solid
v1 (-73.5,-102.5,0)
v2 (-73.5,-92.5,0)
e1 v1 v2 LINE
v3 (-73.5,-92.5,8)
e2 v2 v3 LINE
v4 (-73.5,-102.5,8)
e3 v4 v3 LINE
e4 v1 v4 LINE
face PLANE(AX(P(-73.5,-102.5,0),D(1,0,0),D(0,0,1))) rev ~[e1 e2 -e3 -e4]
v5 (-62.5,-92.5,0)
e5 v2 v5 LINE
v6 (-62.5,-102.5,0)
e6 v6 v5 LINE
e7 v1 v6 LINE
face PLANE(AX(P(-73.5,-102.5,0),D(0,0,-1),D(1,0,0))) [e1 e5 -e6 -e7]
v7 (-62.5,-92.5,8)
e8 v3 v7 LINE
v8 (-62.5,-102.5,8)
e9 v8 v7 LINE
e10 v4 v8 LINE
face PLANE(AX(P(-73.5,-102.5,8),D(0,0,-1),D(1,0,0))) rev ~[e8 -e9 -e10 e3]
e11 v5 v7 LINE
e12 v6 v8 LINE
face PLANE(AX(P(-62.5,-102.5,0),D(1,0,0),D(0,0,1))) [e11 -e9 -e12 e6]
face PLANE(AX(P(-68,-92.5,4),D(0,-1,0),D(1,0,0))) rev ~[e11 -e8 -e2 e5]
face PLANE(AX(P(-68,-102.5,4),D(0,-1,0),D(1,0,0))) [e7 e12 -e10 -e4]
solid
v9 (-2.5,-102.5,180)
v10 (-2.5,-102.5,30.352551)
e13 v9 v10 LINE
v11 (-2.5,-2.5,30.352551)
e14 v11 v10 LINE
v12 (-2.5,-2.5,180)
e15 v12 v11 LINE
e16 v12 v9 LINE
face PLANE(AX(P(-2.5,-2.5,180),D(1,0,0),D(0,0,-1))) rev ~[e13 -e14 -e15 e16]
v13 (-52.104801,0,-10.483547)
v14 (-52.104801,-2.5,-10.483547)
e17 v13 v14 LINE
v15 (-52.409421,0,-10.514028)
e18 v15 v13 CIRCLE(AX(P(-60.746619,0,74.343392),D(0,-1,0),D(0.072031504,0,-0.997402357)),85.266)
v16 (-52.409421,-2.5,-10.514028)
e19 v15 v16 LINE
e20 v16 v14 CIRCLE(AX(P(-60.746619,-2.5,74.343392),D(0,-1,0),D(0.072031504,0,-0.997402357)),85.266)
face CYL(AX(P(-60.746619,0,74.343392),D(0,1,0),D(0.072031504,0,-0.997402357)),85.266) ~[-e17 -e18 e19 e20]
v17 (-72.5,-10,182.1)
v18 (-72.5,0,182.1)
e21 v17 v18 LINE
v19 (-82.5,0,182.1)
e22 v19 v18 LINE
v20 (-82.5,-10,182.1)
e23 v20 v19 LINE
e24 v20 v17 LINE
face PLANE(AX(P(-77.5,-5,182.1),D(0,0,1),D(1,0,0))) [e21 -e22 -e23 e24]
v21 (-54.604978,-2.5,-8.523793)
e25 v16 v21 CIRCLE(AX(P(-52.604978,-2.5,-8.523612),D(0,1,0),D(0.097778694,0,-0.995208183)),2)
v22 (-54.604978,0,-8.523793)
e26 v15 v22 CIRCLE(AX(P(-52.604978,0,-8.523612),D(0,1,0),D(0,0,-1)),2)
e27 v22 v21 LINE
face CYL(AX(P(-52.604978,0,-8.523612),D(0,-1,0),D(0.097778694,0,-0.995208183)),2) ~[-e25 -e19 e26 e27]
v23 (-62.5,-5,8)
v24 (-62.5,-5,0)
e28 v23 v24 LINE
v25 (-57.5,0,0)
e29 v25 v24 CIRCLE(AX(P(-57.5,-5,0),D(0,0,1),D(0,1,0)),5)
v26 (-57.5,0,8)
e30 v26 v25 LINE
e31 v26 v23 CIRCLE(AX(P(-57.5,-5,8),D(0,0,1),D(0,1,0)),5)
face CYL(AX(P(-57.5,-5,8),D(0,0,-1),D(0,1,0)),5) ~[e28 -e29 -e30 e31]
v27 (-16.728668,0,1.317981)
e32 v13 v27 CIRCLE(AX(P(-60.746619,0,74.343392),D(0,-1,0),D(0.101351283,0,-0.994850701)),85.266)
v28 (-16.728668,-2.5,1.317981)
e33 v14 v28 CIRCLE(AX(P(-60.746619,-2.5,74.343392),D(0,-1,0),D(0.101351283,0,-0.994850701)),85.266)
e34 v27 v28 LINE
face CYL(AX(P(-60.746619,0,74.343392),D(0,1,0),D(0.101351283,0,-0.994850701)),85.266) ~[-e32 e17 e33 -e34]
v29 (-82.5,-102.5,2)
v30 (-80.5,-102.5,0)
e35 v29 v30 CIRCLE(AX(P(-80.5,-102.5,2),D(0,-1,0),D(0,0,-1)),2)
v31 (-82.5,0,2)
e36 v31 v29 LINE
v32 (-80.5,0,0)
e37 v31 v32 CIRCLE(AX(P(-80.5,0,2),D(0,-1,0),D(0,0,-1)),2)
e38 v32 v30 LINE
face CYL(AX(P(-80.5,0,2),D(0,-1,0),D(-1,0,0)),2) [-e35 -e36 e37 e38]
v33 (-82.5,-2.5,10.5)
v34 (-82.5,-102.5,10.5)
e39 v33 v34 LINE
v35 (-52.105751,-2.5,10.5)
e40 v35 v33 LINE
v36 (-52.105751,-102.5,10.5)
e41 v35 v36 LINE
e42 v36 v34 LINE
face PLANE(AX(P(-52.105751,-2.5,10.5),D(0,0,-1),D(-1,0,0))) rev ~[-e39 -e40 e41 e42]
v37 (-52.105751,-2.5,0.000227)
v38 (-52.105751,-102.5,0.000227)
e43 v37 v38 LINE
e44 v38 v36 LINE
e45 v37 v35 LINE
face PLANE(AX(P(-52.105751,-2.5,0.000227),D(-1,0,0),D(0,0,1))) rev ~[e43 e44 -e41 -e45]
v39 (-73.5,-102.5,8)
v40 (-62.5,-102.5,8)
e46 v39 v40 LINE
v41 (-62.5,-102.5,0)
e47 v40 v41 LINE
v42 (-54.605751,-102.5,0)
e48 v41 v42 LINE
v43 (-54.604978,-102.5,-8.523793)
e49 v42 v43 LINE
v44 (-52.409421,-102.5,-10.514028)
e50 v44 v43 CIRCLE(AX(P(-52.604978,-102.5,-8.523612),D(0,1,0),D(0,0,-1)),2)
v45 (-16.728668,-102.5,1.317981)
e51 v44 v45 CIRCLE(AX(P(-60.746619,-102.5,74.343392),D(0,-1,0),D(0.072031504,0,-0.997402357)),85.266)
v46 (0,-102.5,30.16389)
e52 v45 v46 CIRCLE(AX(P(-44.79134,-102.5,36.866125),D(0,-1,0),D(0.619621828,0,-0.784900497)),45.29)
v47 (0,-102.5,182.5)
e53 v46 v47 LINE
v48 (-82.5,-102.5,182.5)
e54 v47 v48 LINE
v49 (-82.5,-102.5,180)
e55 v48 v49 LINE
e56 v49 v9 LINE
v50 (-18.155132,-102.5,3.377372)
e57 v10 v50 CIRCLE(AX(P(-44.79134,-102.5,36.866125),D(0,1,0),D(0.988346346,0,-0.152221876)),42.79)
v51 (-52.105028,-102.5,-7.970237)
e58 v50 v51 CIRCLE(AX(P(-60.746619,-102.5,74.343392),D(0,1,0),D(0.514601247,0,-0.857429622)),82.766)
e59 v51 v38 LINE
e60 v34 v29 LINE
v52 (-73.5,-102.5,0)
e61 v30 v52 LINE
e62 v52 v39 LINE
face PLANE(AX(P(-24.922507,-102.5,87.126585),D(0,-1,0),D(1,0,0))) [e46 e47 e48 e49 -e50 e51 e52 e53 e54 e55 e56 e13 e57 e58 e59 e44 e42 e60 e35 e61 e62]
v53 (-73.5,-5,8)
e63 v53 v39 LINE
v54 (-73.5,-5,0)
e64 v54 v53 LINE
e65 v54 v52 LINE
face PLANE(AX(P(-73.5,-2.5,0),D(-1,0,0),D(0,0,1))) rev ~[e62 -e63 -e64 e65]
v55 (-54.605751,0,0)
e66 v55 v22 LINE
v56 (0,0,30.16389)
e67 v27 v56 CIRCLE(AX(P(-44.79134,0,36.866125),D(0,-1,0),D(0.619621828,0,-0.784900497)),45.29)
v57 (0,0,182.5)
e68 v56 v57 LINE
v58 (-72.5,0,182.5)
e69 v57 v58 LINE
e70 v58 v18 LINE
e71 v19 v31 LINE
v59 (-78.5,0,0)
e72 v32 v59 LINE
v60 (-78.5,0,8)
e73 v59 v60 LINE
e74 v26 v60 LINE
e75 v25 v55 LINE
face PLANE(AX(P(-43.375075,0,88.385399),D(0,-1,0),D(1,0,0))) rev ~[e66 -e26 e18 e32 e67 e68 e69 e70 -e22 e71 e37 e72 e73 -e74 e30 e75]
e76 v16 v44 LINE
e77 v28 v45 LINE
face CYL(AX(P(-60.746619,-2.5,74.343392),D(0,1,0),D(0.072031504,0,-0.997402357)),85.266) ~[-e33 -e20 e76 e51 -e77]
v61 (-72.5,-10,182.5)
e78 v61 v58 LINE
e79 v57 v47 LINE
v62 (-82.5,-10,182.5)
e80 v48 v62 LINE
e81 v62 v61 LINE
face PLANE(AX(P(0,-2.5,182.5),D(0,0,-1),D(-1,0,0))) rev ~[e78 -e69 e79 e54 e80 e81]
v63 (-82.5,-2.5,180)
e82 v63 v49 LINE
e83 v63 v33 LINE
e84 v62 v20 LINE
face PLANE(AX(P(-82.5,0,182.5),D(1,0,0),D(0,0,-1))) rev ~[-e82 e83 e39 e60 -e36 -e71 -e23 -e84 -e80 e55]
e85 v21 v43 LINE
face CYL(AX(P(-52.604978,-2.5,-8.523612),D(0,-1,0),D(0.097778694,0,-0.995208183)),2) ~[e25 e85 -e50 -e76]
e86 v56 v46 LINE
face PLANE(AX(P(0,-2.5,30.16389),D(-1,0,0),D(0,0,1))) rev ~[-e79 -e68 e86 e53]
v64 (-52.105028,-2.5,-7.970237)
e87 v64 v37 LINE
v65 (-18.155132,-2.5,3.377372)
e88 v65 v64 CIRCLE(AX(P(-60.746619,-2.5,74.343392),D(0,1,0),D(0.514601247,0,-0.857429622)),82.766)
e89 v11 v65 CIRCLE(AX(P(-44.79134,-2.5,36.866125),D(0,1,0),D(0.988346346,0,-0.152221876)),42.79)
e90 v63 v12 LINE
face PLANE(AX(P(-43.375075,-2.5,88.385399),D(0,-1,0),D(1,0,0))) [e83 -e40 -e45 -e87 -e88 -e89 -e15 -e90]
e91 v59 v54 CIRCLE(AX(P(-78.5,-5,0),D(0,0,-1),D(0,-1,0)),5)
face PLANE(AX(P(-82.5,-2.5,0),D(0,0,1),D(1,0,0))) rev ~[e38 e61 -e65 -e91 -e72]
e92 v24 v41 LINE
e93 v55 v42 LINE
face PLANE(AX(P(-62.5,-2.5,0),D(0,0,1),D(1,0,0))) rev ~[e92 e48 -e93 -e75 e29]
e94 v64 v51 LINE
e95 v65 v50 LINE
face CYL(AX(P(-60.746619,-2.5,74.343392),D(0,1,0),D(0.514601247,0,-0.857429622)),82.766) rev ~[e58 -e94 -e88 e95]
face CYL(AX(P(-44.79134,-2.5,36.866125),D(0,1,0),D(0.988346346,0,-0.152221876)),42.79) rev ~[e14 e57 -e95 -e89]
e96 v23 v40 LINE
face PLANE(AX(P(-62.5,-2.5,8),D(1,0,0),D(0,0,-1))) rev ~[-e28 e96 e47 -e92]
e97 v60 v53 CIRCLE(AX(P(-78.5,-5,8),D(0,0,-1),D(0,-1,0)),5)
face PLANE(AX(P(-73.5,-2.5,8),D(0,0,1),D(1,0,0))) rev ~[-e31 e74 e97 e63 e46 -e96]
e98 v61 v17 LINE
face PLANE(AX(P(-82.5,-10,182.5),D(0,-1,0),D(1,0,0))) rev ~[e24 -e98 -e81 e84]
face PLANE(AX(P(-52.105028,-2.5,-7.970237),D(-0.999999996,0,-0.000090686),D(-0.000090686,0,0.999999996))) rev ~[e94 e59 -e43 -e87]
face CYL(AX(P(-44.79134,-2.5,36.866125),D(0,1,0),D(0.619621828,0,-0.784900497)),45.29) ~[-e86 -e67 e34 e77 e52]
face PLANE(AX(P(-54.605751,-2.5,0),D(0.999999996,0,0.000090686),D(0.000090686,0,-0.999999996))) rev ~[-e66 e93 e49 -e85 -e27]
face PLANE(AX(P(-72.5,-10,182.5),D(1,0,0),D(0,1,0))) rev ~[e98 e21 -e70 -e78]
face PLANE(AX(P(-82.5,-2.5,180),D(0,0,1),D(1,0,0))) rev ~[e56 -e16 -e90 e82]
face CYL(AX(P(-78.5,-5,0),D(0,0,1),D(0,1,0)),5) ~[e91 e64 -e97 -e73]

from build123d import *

# Parameters (mm, degrees)
F1_DEPTH  = 2.5
F2_DEPTH  = 2.2
F4_DEPTH  = 100
F5_W      = 11
F5_H      = 8
F6_DEPTH  = 10
F7_R      = 5
F8_R      = 2
F9_W      = 10
F9_H      = 10
F9_R      = 2.5
F10_DEPTH = 0.4


with BuildPart() as f1:
    # F0 (on Front) → F1 (new body)
    with BuildSketch(Plane.XZ):
        with BuildLine():
            Line((-82.5, 182.5), (-82.5, 0))
            Line((-82.5, 0), (-73.5, 0))
            Line((-73.5, 0), (-73.5, 8))
            Line((-73.5, 8), (-62.5, 8))
            Line((-62.5, 8), (-62.5, 0))
            Line((-62.5, 0), (-54.6057512313, 0))
            Line((-54.6057512313, 0), (-54.6047807907, -10.7011169374))
            ThreePointArc((-54.6047807907, -10.7011169374), (-53.3539902072, -10.6015296646), (-52.104800511, -10.4835474141))
            ThreePointArc((-52.104800511, -10.4835474141), (-33.7636269449, -6.5405298903), (-16.7286675849, 1.3179810741))
            ThreePointArc((-16.7286675849, 1.3179810741), (-5.6129224967, 14.1453039848), (0, 30.1638901573))
            Line((0, 30.1638901573), (0, 182.5))
            Line((0, 182.5), (-82.5, 182.5))
        make_face()
    extrude(amount=F1_DEPTH)

    # F0 (on Front) → F2 (join)
    with BuildSketch(Plane.XZ):
        with BuildLine():
            Line((-82.5, 182.5), (-82.5, 0))
            Line((-82.5, 0), (-73.5, 0))
            Line((-73.5, 0), (-73.5, 8))
            Line((-73.5, 8), (-62.5, 8))
            Line((-62.5, 8), (-62.5, 0))
            Line((-62.5, 0), (-54.6057512313, 0))
            Line((-54.6057512313, 0), (-54.6047807907, -10.7011169374))
            ThreePointArc((-54.6047807907, -10.7011169374), (-53.3539902072, -10.6015296646), (-52.104800511, -10.4835474141))
            ThreePointArc((-52.104800511, -10.4835474141), (-33.7636269449, -6.5405298903), (-16.7286675849, 1.3179810741))
            ThreePointArc((-16.7286675849, 1.3179810741), (-5.6129224967, 14.1453039848), (0, 30.1638901573))
            Line((0, 30.1638901573), (0, 182.5))
            Line((0, 182.5), (-82.5, 182.5))
        make_face()
    extrude(amount=F2_DEPTH)

    # F3 (on face) → F4 (join)
    with BuildSketch(Plane.XZ.offset(2.5)):
        with BuildLine():
            Line((-52.1050284328, -7.9702374423), (-52.1057512416, 0.0002267148))
            Line((-52.1057512416, 0.0002267148), (-52.1057512416, 8))
            Line((-52.1057512416, 8), (-52.1057512416, 10.5))
            Line((-52.1057512416, 10.5), (-62.5, 10.5))
            Line((-62.5, 10.5), (-82.5, 10.5))
            Line((-82.5, 10.5), (-82.5, 0))
            Line((-82.5, 0), (-73.5, 0))
            Line((-73.5, 0), (-73.5, 8))
            Line((-73.5, 8), (-62.5, 8))
            Line((-62.5, 8), (-62.5, 0))
            Line((-62.5, 0), (-54.6057512313, 0))
            Line((-54.6057512313, 0), (-54.6047807907, -10.7011169374))
            ThreePointArc((-54.6047807907, -10.7011169374), (-34.9567798568, -6.9288349734), (-16.7286675849, 1.3179810741))
            ThreePointArc((-16.7286675849, 1.3179810741), (-5.6129224967, 14.1453039848), (0, 30.1638901573))
            Line((0, 30.1638901573), (0, 182.5))
            Line((0, 182.5), (-82.5, 182.5))
            Line((-82.5, 182.5), (-82.5, 180))
            Line((-82.5, 180), (-2.5, 180))
            Line((-2.5, 180), (-2.5, 30.352550517))
            ThreePointArc((-2.5, 30.352550517), (-7.7823306987, 15.3878258145), (-18.1551322047, 3.3773723696))
            ThreePointArc((-18.1551322047, 3.3773723696), (-34.5092579263, -4.1538153816), (-52.1050284328, -7.9702374423))
        make_face()
    extrude(amount=F4_DEPTH)

    # F7
    f7_edges = [f1.edges().sort_by_distance(p)[0] for p in [
        (-62.5, 0, 4),
        (-73.5, 0, 4),
    ]]
    fillet(f7_edges, radius=F7_R)

    # F8
    f8_edges = [f1.edges().sort_by_distance(p)[0] for p in [
        (-54.604781, -51.25, -10.701117),
        (-82.5, -51.25, 0),
    ]]
    fillet(f8_edges, radius=F8_R)

    # F9 (on face) → F10 (cut)
    with BuildSketch(Plane.XY.offset(182.5)):
        with Locations((-77.5, -5)):
            Rectangle(F9_W, F9_H)
        with Locations((-77.5, -5)):
            Circle(F9_R, mode=Mode.SUBTRACT)
        with Locations((-77.5, -5)):
            Circle(F9_R)
    extrude(amount=-F10_DEPTH, mode=Mode.SUBTRACT)


with BuildPart() as f6:
    # F5 (on face) → F6 (new body)
    with BuildSketch(Plane.XZ.offset(102.5)):
        with Locations((-68, 4)):
            Rectangle(F5_W, F5_H)
    extrude(amount=-F6_DEPTH)


solid = Compound([f1.part, f6.part])
